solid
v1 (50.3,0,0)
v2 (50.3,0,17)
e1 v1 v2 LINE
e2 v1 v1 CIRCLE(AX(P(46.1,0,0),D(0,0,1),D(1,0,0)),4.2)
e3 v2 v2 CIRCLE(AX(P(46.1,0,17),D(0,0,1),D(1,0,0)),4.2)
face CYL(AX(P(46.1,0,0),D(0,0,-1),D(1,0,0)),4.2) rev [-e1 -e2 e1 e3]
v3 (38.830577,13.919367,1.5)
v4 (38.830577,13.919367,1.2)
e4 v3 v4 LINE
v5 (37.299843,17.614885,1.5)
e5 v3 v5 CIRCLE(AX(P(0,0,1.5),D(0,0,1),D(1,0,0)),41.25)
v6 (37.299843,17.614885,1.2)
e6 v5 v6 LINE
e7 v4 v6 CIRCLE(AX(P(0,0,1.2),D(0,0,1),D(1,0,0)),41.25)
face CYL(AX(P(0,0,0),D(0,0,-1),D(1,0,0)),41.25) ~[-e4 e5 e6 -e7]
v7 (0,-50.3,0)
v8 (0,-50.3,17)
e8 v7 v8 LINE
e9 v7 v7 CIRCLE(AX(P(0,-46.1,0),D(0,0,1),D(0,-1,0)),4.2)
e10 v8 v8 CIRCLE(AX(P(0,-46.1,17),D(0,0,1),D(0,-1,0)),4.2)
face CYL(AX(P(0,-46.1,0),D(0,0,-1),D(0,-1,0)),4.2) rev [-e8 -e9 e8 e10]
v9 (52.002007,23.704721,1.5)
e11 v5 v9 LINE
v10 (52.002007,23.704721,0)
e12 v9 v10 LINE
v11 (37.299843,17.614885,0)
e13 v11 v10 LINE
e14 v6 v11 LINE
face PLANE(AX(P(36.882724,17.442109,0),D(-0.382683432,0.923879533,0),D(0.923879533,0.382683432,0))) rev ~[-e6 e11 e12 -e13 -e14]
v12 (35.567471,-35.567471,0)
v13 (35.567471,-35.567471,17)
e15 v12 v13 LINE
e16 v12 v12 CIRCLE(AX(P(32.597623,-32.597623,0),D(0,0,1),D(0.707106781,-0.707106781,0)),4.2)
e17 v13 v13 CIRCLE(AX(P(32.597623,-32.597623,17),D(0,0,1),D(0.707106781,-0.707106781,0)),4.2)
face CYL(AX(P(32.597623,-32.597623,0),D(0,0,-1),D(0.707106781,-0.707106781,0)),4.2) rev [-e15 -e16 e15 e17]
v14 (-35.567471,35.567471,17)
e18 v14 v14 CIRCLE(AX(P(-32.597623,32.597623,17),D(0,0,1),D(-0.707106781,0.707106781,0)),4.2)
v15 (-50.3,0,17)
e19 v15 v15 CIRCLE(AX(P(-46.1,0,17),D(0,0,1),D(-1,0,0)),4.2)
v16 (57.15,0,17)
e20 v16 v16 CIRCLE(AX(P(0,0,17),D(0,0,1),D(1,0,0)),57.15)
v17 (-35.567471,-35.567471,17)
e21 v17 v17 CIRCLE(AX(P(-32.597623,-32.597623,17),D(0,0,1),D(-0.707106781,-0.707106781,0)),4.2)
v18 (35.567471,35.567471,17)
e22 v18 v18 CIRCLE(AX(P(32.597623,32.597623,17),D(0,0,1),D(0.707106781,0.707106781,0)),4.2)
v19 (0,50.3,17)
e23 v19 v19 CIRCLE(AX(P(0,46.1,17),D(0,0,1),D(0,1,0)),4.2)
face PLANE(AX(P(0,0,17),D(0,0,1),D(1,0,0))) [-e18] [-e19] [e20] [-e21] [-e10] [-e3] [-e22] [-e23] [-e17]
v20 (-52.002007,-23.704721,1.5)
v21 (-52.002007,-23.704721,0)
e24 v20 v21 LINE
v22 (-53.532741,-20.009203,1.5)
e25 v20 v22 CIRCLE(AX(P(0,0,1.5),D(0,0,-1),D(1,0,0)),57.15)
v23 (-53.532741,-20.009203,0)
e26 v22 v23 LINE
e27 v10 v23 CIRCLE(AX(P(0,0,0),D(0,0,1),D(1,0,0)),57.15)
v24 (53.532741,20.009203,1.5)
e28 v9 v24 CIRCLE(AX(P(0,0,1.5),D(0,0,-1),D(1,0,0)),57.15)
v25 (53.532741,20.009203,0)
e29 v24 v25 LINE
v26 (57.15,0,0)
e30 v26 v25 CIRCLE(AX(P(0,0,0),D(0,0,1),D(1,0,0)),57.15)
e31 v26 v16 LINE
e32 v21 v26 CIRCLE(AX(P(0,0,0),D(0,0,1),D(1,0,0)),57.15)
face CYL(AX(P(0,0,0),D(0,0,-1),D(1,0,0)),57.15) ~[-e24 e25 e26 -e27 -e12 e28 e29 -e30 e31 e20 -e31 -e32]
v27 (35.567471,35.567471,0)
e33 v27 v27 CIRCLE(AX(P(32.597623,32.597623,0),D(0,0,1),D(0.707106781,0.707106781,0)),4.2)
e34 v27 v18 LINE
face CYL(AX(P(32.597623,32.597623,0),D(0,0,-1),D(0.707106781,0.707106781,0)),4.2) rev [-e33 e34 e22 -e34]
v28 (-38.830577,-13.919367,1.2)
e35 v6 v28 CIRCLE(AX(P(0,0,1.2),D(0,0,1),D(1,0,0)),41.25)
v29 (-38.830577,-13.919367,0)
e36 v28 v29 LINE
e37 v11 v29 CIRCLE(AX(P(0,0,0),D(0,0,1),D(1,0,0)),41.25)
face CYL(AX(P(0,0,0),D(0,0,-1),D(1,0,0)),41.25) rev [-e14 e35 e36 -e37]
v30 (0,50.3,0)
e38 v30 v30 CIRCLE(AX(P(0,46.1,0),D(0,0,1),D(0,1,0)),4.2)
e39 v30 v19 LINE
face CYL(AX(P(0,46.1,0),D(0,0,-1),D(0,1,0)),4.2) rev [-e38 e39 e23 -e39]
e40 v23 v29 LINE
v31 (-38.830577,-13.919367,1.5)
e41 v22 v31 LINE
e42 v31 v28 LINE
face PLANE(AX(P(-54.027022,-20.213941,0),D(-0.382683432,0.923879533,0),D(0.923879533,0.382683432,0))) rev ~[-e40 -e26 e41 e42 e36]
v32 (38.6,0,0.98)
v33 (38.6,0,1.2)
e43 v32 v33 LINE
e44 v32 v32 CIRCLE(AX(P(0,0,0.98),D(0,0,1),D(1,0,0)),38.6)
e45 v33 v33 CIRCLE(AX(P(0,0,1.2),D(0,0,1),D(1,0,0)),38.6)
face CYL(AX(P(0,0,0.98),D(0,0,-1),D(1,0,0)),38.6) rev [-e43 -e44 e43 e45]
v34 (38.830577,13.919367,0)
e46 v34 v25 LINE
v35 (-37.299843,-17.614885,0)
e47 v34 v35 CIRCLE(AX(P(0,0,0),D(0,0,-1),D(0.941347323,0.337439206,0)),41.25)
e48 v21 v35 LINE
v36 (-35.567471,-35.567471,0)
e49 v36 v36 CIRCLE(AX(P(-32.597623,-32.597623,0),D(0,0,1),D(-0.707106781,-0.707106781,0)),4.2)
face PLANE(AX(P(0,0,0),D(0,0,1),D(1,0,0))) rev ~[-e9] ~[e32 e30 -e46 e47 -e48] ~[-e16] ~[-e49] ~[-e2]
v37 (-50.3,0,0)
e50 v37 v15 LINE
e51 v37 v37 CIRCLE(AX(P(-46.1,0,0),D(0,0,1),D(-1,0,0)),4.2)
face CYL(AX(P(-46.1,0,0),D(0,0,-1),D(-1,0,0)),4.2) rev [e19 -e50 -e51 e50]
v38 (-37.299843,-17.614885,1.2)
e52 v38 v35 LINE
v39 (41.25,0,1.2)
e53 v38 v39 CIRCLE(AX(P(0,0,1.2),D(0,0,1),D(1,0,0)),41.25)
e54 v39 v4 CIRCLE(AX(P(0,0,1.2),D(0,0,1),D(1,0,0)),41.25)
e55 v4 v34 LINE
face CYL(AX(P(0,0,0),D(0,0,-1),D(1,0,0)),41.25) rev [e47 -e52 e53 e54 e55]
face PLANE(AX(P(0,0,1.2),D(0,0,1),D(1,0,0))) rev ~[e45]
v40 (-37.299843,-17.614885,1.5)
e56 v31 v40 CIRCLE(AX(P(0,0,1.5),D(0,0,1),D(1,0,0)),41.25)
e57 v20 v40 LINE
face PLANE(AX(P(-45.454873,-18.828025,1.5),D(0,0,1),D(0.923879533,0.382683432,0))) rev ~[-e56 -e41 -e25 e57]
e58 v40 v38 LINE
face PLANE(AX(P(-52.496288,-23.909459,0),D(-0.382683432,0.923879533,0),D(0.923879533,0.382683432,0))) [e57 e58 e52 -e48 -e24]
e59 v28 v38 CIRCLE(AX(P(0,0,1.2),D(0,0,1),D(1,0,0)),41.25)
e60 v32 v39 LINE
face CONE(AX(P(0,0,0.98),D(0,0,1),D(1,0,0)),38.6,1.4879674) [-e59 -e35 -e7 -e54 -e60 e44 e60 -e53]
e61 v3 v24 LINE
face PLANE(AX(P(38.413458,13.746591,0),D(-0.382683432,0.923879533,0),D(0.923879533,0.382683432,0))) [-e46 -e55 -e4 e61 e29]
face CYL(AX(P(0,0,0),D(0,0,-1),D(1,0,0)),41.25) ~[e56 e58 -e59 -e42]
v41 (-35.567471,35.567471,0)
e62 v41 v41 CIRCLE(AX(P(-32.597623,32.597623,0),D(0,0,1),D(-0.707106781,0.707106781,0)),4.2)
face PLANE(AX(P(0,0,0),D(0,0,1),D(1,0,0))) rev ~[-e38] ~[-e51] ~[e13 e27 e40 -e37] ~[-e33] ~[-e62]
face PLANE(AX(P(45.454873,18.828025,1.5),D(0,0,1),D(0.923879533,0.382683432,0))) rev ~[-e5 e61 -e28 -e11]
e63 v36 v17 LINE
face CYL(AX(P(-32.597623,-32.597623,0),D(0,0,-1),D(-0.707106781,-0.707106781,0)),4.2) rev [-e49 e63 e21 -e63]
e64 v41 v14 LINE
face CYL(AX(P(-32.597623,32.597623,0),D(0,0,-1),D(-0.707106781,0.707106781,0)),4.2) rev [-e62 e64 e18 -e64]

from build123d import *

# Parameters (mm, degrees)
CYLINDER024_R             = 41.25
CYLINDER024_DEPTH         = 1.5
BOX_W                     = 16.9
BOX_H                     = 4
BOX_DEPTH                 = 1.5
BOX001_W                  = 16.9
BOX001_H                  = 4
BOX001_DEPTH              = 1.5
FUSION007_PLACEMENT_ANGLE = 22.5
CYLINDER003_R             = 4.2
CYLINDER003_DEPTH         = 17
ARRAY_COUNT               = 8
CYLINDER002_R             = 38.6
CYLINDER002_DEPTH         = 0.22
CYLINDER001_R             = 41.25
CYLINDER001_DEPTH         = 1.2
CYLINDER_R                = 57.15
CYLINDER_DEPTH            = 17


with BuildPart() as cylinder024:
    # Cylinder024 → Cylinder024 (new body)
    with BuildSketch(Plane.XY):
        Circle(CYLINDER024_R)
    extrude(amount=CYLINDER024_DEPTH)


with BuildPart() as cube:
    # Box → Box (new body)
    with BuildSketch(Plane(origin=(40.75, -2, 0), x_dir=(1, 0, 0), z_dir=(0, 0, 1))):
        with Locations((8.45, 2)):
            Rectangle(BOX_W, BOX_H)
    extrude(amount=BOX_DEPTH)


with BuildPart() as leaktestgrooves01:
    # Box001 → Box001 (new body)
    with BuildSketch(Plane(origin=(-57.65, -2, 0), x_dir=(1, 0, 0), z_dir=(0, 0, 1))):
        with Locations((8.45, 2)):
            Rectangle(BOX001_W, BOX001_H)
    extrude(amount=BOX001_DEPTH)

    # Fusion007: union Cube
    add(cube.part)


with BuildPart() as leaktestgrooves01_1:
    # Fusion007 placement: moved
    add(leaktestgrooves01.part.rotate(Axis((0, 0, 0), (0, 0, 1)), FUSION007_PLACEMENT_ANGLE))

    # Cut019: cut Cylinder024
    add(cylinder024.part, mode=Mode.SUBTRACT)


with BuildPart() as boltholearray:
    # Cylinder003 → Cylinder003 (new body)
    with BuildSketch(Plane(origin=(46.1, 0, 0), x_dir=(1, 0, 0), z_dir=(0, 0, 1))):
        Circle(CYLINDER003_R)
    extrude(amount=CYLINDER003_DEPTH)

    # Array: BoltHoleArray ×8 about axis
    array_axis = Axis((0, 0, 0), (0, 0, 1))


with BuildPart() as boltholearray_1:
    add(boltholearray.part)
    for i in range(1, ARRAY_COUNT):
        add(boltholearray.part.rotate(array_axis, i * 360 / ARRAY_COUNT))


with BuildPart() as cylinder:
    # Cylinder002 → Cylinder002 (new body)
    with BuildSketch(Plane.XY):
        Circle(CYLINDER002_R)
    extrude(amount=CYLINDER002_DEPTH)


with BuildPart() as knifeedge:
    # Cone → Cone (revolve)
    with BuildSketch(Plane.XZ):
        Polygon((0, 0), (38.6, 0), (41.25, 0.22), (0, 0.22), align=None)
    revolve(axis=Axis((0, 0, 0), (0, 0, 1)))

    # Cut001: cut Cylinder
    add(cylinder.part, mode=Mode.SUBTRACT)


with BuildPart() as knifeedge_1:
    # Cut001 placement: moved
    add(knifeedge.part.moved(Location((0, 0, 0.98))))


with BuildPart() as sealrecess:
    # Cylinder001 → Cylinder001 (new body)
    with BuildSketch(Plane.XY):
        Circle(CYLINDER001_R)
    extrude(amount=CYLINDER001_DEPTH)


with BuildPart() as blankflange_nonrotatable:
    # Cylinder → Cylinder (new body)
    with BuildSketch(Plane.XY):
        Circle(CYLINDER_R)
    extrude(amount=CYLINDER_DEPTH)

    # Cut: cut SealRecess
    add(sealrecess.part, mode=Mode.SUBTRACT)

    # Fusion: union KnifeEdge
    add(knifeedge_1.part)

    # Cut002: cut BoltHoleArray
    add(boltholearray_1.part, mode=Mode.SUBTRACT)

    # Cut020: cut LeakTestGrooves01
    add(leaktestgrooves01_1.part, mode=Mode.SUBTRACT)


solid = blankflange_nonrotatable.part
